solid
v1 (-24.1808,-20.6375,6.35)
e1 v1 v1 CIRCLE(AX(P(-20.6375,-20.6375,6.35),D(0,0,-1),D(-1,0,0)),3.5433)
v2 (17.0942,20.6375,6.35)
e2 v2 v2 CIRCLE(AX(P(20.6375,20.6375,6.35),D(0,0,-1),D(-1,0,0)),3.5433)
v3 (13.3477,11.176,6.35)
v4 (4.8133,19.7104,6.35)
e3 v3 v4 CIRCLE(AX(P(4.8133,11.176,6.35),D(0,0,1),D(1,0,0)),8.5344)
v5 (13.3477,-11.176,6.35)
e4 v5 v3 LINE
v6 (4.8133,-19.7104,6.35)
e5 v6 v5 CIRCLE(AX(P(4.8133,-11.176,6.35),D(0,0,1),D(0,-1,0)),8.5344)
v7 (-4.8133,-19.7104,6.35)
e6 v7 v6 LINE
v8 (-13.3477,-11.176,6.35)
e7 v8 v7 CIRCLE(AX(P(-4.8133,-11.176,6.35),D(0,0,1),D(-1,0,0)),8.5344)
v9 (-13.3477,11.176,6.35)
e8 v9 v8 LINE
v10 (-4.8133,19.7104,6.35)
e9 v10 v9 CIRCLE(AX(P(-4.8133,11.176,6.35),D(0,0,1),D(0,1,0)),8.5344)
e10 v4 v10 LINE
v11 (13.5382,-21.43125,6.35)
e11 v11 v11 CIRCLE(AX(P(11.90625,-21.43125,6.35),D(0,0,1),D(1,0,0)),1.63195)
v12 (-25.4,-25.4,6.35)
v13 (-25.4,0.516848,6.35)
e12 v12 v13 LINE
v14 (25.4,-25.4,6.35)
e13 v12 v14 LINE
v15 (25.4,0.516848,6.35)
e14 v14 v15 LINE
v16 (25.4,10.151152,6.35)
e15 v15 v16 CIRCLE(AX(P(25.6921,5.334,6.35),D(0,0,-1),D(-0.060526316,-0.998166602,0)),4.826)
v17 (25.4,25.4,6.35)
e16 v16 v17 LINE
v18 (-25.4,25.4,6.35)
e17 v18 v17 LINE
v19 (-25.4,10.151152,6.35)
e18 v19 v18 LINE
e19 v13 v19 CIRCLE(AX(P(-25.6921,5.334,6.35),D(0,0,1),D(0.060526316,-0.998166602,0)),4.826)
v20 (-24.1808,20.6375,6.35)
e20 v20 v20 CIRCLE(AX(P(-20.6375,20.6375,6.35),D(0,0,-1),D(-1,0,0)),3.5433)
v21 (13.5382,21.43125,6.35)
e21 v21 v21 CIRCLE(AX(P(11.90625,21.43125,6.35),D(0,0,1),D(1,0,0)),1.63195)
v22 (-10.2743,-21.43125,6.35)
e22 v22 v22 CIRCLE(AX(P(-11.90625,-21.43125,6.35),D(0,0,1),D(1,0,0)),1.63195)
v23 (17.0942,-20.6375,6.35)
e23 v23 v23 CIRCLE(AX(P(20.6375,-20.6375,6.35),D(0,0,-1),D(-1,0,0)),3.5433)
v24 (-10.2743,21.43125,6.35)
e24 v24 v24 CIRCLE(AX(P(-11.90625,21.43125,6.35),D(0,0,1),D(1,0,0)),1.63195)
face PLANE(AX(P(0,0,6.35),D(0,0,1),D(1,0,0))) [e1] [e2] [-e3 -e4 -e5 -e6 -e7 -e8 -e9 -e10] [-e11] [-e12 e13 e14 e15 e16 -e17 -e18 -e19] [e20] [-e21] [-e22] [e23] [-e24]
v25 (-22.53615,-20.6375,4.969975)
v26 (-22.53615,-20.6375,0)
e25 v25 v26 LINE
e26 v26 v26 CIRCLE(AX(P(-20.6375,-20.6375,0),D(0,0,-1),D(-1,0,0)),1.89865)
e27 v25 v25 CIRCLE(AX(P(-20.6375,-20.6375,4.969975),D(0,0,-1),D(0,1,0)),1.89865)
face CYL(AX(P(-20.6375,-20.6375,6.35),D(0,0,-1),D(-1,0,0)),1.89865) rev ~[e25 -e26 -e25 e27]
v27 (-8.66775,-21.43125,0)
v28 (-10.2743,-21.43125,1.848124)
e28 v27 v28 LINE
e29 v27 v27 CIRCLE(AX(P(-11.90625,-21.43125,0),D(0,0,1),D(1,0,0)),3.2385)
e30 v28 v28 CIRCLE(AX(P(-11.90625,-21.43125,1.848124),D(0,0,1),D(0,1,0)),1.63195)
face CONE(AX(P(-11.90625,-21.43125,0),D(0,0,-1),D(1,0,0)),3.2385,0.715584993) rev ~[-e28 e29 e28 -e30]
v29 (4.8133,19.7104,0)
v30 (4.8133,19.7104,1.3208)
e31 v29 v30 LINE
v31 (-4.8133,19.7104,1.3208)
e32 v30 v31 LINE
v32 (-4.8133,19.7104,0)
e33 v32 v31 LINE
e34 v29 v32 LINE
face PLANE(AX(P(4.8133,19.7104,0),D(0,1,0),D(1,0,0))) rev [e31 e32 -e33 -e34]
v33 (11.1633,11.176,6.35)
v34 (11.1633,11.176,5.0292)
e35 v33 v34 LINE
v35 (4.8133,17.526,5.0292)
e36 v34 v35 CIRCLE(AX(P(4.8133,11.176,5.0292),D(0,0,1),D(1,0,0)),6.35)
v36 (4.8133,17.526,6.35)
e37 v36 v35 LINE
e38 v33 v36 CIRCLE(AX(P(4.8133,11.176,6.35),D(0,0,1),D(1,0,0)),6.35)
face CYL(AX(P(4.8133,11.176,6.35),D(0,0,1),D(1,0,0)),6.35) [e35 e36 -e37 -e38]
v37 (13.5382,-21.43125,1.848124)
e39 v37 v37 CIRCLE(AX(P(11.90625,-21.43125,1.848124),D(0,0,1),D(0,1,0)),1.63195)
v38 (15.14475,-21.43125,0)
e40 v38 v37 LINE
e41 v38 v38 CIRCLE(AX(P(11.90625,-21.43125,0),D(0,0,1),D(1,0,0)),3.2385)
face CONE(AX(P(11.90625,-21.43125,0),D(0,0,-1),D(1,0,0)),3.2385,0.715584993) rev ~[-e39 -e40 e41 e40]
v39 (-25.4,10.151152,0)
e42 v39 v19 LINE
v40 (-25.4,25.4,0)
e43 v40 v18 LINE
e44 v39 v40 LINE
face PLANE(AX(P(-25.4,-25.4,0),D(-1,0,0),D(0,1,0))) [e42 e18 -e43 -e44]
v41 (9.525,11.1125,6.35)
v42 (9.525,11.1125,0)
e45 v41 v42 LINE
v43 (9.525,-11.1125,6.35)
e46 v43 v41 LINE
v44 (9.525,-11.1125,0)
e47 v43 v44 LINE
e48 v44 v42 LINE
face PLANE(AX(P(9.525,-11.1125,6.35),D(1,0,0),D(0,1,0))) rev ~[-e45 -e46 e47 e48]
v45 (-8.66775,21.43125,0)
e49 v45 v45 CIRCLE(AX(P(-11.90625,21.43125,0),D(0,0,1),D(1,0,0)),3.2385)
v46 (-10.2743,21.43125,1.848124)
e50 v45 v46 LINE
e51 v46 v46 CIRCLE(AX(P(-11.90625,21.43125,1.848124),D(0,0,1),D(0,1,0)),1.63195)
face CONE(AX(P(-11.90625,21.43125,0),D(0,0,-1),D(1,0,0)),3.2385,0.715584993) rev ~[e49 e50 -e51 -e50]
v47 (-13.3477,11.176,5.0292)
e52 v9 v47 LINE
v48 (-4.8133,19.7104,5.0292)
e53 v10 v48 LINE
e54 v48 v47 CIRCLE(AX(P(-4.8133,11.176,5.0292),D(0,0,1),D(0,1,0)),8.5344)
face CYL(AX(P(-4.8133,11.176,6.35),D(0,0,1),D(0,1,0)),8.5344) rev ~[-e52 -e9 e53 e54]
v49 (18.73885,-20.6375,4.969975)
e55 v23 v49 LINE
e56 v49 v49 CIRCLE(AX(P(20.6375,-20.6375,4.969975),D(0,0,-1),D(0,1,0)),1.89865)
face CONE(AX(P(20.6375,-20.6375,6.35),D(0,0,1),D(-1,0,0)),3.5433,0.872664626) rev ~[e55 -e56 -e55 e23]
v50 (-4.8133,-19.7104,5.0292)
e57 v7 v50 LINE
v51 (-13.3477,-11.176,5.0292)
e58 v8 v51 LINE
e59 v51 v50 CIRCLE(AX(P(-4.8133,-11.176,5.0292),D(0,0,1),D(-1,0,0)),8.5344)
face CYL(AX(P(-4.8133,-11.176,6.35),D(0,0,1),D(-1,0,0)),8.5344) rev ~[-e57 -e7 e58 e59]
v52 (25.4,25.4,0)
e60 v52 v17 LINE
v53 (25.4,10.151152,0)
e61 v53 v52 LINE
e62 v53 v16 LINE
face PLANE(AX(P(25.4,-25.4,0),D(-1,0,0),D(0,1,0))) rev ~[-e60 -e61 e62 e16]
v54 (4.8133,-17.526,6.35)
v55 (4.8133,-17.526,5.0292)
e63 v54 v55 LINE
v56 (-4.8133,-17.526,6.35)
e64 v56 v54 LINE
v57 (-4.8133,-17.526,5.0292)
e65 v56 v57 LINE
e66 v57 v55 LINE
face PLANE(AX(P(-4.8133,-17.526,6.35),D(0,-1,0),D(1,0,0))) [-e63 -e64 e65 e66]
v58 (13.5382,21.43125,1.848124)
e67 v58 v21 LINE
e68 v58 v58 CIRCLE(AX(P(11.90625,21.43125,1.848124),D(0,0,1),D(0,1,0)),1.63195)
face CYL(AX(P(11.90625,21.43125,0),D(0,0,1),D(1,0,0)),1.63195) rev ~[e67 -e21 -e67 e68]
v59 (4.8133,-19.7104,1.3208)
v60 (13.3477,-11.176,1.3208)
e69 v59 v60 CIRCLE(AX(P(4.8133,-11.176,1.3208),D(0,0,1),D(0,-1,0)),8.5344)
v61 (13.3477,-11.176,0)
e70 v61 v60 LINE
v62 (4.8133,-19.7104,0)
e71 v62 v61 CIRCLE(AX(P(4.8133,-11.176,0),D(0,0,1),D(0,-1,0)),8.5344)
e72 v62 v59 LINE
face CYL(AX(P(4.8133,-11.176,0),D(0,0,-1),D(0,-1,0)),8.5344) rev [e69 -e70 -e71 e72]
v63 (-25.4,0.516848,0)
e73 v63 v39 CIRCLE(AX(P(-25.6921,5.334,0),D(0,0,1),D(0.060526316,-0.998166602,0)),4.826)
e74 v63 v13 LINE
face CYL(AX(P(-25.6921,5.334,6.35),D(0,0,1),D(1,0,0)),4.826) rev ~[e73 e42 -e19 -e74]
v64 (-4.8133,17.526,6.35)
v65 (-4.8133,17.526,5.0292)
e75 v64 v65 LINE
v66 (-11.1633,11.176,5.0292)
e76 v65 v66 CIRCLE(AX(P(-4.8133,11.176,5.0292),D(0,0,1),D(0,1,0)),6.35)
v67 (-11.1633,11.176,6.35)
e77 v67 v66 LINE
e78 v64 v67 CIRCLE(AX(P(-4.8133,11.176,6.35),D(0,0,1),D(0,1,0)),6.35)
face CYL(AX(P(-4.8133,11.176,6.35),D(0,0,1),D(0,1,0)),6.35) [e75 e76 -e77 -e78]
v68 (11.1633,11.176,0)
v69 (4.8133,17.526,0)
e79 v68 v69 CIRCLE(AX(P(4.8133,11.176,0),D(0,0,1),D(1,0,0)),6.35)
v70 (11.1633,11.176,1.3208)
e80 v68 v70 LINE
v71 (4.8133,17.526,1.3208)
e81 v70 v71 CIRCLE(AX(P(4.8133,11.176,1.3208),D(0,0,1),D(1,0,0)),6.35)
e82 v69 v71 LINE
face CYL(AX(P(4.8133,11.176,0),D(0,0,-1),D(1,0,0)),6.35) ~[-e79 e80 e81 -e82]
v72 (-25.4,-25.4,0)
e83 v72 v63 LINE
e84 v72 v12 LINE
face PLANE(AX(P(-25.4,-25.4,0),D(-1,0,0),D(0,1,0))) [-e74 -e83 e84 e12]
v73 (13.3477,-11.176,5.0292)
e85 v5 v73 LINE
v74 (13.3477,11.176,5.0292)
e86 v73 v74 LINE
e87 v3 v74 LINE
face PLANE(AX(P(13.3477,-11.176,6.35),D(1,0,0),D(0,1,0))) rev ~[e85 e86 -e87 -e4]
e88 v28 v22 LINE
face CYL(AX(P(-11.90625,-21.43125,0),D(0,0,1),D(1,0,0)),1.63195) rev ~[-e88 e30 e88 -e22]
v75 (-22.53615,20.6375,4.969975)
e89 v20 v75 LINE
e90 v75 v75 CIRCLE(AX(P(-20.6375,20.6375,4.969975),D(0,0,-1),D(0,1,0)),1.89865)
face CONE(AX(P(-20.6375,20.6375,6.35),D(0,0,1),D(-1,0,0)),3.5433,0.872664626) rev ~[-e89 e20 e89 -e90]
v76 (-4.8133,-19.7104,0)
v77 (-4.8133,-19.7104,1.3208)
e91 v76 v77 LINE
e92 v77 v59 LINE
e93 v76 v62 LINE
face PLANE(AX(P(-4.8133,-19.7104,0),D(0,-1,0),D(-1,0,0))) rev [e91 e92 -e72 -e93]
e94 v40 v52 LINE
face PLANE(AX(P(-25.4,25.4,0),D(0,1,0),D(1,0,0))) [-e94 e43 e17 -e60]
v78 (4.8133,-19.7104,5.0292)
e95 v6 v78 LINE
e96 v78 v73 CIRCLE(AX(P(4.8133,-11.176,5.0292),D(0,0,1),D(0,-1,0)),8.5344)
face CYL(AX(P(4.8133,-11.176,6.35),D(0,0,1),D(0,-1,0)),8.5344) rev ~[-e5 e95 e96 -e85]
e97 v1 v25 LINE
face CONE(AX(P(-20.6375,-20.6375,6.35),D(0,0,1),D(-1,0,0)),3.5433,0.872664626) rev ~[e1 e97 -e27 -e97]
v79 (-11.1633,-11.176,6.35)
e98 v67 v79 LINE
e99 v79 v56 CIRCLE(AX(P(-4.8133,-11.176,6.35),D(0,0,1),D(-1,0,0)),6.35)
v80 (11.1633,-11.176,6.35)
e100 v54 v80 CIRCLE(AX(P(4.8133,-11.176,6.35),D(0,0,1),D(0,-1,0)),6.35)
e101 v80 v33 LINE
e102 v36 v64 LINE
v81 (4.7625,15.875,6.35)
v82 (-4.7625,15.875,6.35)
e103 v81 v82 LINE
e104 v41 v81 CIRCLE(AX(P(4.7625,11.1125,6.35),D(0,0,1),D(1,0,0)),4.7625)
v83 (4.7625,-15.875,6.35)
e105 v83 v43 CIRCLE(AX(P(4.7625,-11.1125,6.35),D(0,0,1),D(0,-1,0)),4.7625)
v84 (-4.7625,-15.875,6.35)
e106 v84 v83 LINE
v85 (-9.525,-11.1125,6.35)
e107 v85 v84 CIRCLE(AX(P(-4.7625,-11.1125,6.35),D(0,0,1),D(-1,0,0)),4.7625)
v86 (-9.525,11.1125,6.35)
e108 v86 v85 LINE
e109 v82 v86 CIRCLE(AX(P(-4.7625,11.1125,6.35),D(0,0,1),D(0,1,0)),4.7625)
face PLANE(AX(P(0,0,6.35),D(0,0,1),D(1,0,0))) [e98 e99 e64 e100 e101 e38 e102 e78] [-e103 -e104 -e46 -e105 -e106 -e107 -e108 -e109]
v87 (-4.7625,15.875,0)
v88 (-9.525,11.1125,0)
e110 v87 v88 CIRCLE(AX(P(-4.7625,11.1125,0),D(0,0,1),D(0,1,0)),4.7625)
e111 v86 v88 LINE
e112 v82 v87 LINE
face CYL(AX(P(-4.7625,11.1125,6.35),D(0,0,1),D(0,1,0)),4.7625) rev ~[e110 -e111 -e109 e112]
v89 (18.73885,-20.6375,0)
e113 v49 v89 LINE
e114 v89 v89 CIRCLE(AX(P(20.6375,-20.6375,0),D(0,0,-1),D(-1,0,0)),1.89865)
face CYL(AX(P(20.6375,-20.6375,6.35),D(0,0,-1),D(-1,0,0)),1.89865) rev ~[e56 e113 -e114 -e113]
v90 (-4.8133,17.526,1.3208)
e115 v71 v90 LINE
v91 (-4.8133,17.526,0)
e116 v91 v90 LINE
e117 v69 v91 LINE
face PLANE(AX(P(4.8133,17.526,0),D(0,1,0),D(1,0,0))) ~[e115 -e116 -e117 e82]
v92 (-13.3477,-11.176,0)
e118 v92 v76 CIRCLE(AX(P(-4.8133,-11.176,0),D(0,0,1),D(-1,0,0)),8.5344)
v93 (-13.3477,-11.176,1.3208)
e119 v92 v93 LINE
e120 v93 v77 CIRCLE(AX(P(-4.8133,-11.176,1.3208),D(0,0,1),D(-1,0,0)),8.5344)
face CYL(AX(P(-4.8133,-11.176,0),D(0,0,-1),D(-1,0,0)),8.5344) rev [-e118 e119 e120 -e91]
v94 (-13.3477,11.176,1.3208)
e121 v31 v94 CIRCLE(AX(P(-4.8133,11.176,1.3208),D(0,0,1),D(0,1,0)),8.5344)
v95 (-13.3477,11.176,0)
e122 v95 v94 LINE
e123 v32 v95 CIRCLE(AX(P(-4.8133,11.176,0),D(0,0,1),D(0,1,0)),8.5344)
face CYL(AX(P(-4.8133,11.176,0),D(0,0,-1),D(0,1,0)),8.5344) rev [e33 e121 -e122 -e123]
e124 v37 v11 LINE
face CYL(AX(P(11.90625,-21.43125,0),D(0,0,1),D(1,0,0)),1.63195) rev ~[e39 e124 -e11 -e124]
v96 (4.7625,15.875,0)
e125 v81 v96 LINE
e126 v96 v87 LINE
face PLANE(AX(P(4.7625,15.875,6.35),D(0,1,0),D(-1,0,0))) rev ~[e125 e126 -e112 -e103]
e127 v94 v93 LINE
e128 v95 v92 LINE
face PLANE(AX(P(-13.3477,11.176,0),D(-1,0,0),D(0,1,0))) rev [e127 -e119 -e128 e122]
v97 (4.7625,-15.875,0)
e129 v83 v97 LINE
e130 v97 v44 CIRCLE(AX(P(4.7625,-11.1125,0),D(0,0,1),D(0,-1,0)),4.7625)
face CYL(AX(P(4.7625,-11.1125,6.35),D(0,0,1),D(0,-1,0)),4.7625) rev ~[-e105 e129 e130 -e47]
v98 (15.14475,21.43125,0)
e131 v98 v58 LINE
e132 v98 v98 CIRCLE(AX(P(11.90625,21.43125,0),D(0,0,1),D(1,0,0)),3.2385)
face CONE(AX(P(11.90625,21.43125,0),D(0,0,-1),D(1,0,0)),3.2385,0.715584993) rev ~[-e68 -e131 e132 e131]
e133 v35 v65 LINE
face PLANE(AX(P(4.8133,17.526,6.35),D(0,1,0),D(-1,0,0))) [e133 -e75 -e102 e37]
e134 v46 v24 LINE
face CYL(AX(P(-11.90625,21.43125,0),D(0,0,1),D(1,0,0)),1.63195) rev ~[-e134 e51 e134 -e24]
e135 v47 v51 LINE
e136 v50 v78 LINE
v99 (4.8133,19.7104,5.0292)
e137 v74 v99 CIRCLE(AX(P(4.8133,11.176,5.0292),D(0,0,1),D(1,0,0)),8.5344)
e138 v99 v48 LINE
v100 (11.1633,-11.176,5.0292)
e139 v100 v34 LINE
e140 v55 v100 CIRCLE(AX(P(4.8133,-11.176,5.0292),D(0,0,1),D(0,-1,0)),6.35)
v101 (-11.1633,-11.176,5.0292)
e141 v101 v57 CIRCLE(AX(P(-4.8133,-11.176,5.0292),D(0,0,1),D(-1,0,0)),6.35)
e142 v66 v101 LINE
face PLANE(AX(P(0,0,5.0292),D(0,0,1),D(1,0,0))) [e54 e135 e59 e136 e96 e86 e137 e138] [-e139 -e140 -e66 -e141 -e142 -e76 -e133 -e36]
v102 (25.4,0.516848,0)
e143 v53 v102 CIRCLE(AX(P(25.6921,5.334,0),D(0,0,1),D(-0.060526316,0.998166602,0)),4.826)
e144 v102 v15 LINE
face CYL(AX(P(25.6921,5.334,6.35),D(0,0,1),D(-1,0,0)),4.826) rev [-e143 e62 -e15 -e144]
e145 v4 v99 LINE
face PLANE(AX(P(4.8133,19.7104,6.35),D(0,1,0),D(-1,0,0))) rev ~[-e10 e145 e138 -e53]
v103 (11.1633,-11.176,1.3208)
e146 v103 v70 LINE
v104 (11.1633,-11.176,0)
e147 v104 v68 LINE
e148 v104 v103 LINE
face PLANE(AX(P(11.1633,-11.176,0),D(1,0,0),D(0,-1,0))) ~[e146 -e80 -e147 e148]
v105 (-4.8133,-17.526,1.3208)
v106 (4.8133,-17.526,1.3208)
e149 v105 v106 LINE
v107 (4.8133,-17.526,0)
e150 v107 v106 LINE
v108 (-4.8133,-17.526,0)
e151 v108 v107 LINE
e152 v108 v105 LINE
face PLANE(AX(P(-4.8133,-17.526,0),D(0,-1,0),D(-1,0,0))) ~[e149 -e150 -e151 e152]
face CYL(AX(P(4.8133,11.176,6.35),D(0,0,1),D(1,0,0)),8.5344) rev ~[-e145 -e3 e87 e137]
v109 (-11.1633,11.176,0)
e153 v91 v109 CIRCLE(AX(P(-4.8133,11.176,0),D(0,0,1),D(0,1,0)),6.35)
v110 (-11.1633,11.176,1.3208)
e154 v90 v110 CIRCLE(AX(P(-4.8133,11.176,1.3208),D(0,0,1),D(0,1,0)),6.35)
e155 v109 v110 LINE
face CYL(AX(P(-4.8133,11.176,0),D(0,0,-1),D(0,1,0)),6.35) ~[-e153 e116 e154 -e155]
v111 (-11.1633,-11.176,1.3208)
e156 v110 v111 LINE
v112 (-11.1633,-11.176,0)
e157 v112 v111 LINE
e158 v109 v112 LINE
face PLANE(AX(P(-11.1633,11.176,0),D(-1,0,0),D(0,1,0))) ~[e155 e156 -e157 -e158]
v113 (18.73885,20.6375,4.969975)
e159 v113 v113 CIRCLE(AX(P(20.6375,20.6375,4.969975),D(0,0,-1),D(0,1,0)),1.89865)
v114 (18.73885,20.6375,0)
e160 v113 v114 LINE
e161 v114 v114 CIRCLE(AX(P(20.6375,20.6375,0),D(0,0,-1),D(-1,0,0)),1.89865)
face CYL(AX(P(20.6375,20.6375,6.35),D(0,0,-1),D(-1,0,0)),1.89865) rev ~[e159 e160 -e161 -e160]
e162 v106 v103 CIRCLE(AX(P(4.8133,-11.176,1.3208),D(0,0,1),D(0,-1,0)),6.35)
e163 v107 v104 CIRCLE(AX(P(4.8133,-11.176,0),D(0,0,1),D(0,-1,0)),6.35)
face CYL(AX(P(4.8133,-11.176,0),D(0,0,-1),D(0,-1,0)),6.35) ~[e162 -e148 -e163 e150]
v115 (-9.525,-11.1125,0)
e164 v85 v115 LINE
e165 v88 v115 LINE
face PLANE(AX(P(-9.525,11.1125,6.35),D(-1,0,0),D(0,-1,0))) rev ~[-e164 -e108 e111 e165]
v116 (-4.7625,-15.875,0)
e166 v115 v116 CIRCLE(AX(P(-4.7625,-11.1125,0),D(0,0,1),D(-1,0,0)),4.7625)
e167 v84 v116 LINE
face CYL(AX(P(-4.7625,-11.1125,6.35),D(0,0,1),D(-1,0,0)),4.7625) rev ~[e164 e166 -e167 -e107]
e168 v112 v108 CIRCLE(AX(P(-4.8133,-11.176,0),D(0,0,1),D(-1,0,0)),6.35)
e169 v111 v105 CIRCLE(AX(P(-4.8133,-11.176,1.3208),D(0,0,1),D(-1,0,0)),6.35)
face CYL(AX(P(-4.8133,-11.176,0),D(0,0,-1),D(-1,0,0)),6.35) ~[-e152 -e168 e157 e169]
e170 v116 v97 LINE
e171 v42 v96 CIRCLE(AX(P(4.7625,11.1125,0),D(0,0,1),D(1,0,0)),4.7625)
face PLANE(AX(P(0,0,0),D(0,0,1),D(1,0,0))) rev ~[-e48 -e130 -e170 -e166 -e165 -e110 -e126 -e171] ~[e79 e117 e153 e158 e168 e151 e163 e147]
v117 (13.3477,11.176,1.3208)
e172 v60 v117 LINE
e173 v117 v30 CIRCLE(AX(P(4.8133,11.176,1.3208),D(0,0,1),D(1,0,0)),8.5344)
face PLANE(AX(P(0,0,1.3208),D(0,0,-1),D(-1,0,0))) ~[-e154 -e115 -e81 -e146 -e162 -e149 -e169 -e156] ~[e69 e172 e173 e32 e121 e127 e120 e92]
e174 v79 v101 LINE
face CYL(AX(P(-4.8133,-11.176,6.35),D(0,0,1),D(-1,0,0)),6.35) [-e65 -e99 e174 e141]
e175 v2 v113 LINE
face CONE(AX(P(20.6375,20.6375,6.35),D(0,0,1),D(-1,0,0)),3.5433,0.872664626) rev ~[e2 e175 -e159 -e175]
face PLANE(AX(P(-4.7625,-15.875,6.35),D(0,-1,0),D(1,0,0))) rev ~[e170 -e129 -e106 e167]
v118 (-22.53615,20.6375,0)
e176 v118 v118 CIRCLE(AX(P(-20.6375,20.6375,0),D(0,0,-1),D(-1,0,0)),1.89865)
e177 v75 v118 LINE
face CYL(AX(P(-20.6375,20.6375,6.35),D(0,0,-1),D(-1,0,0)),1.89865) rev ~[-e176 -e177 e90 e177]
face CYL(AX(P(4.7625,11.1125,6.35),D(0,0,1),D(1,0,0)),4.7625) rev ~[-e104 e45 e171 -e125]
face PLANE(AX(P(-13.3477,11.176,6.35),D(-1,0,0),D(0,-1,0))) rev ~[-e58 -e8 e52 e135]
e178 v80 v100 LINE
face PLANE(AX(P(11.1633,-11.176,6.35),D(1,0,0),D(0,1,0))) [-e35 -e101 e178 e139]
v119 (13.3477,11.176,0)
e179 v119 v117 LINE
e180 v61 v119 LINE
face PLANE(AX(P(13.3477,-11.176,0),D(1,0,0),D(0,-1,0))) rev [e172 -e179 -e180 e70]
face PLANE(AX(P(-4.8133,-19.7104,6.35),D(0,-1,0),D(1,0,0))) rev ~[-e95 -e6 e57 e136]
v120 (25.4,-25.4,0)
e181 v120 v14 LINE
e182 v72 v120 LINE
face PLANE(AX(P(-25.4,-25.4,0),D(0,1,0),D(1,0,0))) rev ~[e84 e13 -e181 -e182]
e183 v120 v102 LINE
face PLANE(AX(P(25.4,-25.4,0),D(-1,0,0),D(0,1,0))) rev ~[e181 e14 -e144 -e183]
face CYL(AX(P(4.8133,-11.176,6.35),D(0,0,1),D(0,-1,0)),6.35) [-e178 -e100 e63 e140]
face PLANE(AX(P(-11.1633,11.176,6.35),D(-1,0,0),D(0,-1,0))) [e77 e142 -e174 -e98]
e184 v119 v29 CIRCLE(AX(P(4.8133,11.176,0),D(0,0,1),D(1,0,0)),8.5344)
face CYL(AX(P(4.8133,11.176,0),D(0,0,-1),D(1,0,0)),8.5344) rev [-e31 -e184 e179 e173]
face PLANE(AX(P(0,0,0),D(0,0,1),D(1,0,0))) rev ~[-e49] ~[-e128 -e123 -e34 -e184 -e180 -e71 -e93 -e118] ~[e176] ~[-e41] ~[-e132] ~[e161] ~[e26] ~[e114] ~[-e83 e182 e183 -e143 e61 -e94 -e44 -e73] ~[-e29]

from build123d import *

# Parameters (mm, degrees)
SKETCH1_W                                         = 50.8
SKETCH1_H                                         = 50.8
BOSS_EXTRUDE1_DEPTH                               = 6.35
CUT_EXTRUDE1_DEPTH                                = 7.35
CUT_EXTRUDE2_DASH_027_DEPTH                       = 1.3208
CSK_FOR_6_FLAT_HEAD_MACHINE_SCREW_100_D           = 3.7973
CSK_FOR_6_FLAT_HEAD_MACHINE_SCREW_100_CSINK_D     = 7.0866
CSK_FOR_6_FLAT_HEAD_MACHINE_SCREW_100_CSINK_ANGLE = 100
CSK_FOR_4_FLAT_HEAD_MACHINE_SCREW_100_D           = 3.2639
CSK_FOR_4_FLAT_HEAD_MACHINE_SCREW_100_CSINK_D     = 6.477
CSK_FOR_4_FLAT_HEAD_MACHINE_SCREW_100_CSINK_ANGLE = 82
SKETCH8_R                                         = 4.826
CUT_EXTRUDE2_DEPTH                                = 7.35


with BuildPart() as part:
    # Sketch1 → Boss-Extrude1 (new body)
    with BuildSketch(Plane.XY):
        Rectangle(SKETCH1_W, SKETCH1_H)
    extrude(amount=BOSS_EXTRUDE1_DEPTH)

    # Sketch2 → Cut-Extrude1 (cut, through all)
    with BuildSketch(Plane.XY.offset(6.35)):
        with BuildLine():
            Line((-4.7625, -15.875), (4.7625, -15.875))
            ThreePointArc((4.7625, -15.875), (8.130096045, -14.480096045), (9.525, -11.1125))
            Line((9.525, -11.1125), (9.525, 11.1125))
            ThreePointArc((9.525, 11.1125), (8.130096045, 14.480096045), (4.7625, 15.875))
            Line((4.7625, 15.875), (-4.7625, 15.875))
            ThreePointArc((-4.7625, 15.875), (-8.130096045, 14.480096045), (-9.525, 11.1125))
            Line((-9.525, 11.1125), (-9.525, -11.1125))
            ThreePointArc((-9.525, -11.1125), (-8.130096045, -14.480096045), (-4.7625, -15.875))
        make_face()
    extrude(amount=-CUT_EXTRUDE1_DEPTH, mode=Mode.SUBTRACT)

    # Sketch3 → Cut-Extrude2 - dash 027 (cut)
    with BuildSketch(Plane.XY.offset(6.35)):
        with BuildLine():
            Line((13.3477, -11.176), (13.3477, 11.176))
            ThreePointArc((13.3477, 11.176), (10.848032113, 17.210732113), (4.8133, 19.7104))
            Line((4.8133, 19.7104), (-4.8133, 19.7104))
            ThreePointArc((-4.8133, 19.7104), (-10.848032113, 17.210732113), (-13.3477, 11.176))
            Line((-13.3477, 11.176), (-13.3477, -11.176))
            ThreePointArc((-13.3477, -11.176), (-10.848032113, -17.210732113), (-4.8133, -19.7104))
            Line((-4.8133, -19.7104), (4.8133, -19.7104))
            ThreePointArc((4.8133, -19.7104), (10.848032113, -17.210732113), (13.3477, -11.176))
        make_face()
        with BuildLine():
            Line((-4.8133, -17.526), (4.8133, -17.526))
            ThreePointArc((4.8133, -17.526), (9.303428061, -15.666128061), (11.1633, -11.176))
            Line((11.1633, -11.176), (11.1633, 11.176))
            ThreePointArc((11.1633, 11.176), (9.303428061, 15.666128061), (4.8133, 17.526))
            Line((4.8133, 17.526), (-4.8133, 17.526))
            ThreePointArc((-4.8133, 17.526), (-9.303428061, 15.666128061), (-11.1633, 11.176))
            Line((-11.1633, 11.176), (-11.1633, -11.176))
            ThreePointArc((-11.1633, -11.176), (-9.303428061, -15.666128061), (-4.8133, -17.526))
        make_face(mode=Mode.SUBTRACT)
    cut_extrude2_dash_027 = extrude(amount=-CUT_EXTRUDE2_DASH_027_DEPTH, mode=Mode.SUBTRACT)

    # CSK for #6 Flat Head Machine Screw (100)1 (through all)
    with Locations(Plane.XY.offset(6.35)):
        with Locations((-20.6375, 20.6375), (20.6375, 20.6375), (20.6375, -20.6375), (-20.6375, -20.6375)):
            CounterSinkHole(CSK_FOR_6_FLAT_HEAD_MACHINE_SCREW_100_D / 2, CSK_FOR_6_FLAT_HEAD_MACHINE_SCREW_100_CSINK_D / 2, counter_sink_angle=CSK_FOR_6_FLAT_HEAD_MACHINE_SCREW_100_CSINK_ANGLE)

    # CSK for #4 Flat Head Machine Screw (100)1 (through all)
    with Locations(Plane(origin=(0, 0, 0), x_dir=(-1, 0, 0), z_dir=(0, 0, -1))):
        with Locations((-11.90625, 21.43125), (11.90625, 21.43125), (-11.90625, -21.43125), (11.90625, -21.43125)):
            CounterSinkHole(CSK_FOR_4_FLAT_HEAD_MACHINE_SCREW_100_D / 2, CSK_FOR_4_FLAT_HEAD_MACHINE_SCREW_100_CSINK_D / 2, counter_sink_angle=CSK_FOR_4_FLAT_HEAD_MACHINE_SCREW_100_CSINK_ANGLE)

    # Mirror1: Cut-Extrude2 - dash 027 across plane
    add(cut_extrude2_dash_027.mirror(Plane(origin=(0, 0, 3.175), x_dir=(1, 0, 0), z_dir=(0, 0, -1))), mode=Mode.SUBTRACT)

    # Sketch8 → Cut-Extrude2 (cut, through all)
    with BuildSketch(Plane.XY.offset(6.35)):
        with Locations((-25.6921, 5.334)):
            Circle(SKETCH8_R)
    cut_extrude2 = extrude(amount=-CUT_EXTRUDE2_DEPTH, mode=Mode.SUBTRACT)

    # Mirror2: Cut-Extrude2 across plane
    add(cut_extrude2.mirror(Plane(origin=(0, 0, 0), x_dir=(0, 0, 1), z_dir=(1, 0, 0))), mode=Mode.SUBTRACT)


solid = part.part
